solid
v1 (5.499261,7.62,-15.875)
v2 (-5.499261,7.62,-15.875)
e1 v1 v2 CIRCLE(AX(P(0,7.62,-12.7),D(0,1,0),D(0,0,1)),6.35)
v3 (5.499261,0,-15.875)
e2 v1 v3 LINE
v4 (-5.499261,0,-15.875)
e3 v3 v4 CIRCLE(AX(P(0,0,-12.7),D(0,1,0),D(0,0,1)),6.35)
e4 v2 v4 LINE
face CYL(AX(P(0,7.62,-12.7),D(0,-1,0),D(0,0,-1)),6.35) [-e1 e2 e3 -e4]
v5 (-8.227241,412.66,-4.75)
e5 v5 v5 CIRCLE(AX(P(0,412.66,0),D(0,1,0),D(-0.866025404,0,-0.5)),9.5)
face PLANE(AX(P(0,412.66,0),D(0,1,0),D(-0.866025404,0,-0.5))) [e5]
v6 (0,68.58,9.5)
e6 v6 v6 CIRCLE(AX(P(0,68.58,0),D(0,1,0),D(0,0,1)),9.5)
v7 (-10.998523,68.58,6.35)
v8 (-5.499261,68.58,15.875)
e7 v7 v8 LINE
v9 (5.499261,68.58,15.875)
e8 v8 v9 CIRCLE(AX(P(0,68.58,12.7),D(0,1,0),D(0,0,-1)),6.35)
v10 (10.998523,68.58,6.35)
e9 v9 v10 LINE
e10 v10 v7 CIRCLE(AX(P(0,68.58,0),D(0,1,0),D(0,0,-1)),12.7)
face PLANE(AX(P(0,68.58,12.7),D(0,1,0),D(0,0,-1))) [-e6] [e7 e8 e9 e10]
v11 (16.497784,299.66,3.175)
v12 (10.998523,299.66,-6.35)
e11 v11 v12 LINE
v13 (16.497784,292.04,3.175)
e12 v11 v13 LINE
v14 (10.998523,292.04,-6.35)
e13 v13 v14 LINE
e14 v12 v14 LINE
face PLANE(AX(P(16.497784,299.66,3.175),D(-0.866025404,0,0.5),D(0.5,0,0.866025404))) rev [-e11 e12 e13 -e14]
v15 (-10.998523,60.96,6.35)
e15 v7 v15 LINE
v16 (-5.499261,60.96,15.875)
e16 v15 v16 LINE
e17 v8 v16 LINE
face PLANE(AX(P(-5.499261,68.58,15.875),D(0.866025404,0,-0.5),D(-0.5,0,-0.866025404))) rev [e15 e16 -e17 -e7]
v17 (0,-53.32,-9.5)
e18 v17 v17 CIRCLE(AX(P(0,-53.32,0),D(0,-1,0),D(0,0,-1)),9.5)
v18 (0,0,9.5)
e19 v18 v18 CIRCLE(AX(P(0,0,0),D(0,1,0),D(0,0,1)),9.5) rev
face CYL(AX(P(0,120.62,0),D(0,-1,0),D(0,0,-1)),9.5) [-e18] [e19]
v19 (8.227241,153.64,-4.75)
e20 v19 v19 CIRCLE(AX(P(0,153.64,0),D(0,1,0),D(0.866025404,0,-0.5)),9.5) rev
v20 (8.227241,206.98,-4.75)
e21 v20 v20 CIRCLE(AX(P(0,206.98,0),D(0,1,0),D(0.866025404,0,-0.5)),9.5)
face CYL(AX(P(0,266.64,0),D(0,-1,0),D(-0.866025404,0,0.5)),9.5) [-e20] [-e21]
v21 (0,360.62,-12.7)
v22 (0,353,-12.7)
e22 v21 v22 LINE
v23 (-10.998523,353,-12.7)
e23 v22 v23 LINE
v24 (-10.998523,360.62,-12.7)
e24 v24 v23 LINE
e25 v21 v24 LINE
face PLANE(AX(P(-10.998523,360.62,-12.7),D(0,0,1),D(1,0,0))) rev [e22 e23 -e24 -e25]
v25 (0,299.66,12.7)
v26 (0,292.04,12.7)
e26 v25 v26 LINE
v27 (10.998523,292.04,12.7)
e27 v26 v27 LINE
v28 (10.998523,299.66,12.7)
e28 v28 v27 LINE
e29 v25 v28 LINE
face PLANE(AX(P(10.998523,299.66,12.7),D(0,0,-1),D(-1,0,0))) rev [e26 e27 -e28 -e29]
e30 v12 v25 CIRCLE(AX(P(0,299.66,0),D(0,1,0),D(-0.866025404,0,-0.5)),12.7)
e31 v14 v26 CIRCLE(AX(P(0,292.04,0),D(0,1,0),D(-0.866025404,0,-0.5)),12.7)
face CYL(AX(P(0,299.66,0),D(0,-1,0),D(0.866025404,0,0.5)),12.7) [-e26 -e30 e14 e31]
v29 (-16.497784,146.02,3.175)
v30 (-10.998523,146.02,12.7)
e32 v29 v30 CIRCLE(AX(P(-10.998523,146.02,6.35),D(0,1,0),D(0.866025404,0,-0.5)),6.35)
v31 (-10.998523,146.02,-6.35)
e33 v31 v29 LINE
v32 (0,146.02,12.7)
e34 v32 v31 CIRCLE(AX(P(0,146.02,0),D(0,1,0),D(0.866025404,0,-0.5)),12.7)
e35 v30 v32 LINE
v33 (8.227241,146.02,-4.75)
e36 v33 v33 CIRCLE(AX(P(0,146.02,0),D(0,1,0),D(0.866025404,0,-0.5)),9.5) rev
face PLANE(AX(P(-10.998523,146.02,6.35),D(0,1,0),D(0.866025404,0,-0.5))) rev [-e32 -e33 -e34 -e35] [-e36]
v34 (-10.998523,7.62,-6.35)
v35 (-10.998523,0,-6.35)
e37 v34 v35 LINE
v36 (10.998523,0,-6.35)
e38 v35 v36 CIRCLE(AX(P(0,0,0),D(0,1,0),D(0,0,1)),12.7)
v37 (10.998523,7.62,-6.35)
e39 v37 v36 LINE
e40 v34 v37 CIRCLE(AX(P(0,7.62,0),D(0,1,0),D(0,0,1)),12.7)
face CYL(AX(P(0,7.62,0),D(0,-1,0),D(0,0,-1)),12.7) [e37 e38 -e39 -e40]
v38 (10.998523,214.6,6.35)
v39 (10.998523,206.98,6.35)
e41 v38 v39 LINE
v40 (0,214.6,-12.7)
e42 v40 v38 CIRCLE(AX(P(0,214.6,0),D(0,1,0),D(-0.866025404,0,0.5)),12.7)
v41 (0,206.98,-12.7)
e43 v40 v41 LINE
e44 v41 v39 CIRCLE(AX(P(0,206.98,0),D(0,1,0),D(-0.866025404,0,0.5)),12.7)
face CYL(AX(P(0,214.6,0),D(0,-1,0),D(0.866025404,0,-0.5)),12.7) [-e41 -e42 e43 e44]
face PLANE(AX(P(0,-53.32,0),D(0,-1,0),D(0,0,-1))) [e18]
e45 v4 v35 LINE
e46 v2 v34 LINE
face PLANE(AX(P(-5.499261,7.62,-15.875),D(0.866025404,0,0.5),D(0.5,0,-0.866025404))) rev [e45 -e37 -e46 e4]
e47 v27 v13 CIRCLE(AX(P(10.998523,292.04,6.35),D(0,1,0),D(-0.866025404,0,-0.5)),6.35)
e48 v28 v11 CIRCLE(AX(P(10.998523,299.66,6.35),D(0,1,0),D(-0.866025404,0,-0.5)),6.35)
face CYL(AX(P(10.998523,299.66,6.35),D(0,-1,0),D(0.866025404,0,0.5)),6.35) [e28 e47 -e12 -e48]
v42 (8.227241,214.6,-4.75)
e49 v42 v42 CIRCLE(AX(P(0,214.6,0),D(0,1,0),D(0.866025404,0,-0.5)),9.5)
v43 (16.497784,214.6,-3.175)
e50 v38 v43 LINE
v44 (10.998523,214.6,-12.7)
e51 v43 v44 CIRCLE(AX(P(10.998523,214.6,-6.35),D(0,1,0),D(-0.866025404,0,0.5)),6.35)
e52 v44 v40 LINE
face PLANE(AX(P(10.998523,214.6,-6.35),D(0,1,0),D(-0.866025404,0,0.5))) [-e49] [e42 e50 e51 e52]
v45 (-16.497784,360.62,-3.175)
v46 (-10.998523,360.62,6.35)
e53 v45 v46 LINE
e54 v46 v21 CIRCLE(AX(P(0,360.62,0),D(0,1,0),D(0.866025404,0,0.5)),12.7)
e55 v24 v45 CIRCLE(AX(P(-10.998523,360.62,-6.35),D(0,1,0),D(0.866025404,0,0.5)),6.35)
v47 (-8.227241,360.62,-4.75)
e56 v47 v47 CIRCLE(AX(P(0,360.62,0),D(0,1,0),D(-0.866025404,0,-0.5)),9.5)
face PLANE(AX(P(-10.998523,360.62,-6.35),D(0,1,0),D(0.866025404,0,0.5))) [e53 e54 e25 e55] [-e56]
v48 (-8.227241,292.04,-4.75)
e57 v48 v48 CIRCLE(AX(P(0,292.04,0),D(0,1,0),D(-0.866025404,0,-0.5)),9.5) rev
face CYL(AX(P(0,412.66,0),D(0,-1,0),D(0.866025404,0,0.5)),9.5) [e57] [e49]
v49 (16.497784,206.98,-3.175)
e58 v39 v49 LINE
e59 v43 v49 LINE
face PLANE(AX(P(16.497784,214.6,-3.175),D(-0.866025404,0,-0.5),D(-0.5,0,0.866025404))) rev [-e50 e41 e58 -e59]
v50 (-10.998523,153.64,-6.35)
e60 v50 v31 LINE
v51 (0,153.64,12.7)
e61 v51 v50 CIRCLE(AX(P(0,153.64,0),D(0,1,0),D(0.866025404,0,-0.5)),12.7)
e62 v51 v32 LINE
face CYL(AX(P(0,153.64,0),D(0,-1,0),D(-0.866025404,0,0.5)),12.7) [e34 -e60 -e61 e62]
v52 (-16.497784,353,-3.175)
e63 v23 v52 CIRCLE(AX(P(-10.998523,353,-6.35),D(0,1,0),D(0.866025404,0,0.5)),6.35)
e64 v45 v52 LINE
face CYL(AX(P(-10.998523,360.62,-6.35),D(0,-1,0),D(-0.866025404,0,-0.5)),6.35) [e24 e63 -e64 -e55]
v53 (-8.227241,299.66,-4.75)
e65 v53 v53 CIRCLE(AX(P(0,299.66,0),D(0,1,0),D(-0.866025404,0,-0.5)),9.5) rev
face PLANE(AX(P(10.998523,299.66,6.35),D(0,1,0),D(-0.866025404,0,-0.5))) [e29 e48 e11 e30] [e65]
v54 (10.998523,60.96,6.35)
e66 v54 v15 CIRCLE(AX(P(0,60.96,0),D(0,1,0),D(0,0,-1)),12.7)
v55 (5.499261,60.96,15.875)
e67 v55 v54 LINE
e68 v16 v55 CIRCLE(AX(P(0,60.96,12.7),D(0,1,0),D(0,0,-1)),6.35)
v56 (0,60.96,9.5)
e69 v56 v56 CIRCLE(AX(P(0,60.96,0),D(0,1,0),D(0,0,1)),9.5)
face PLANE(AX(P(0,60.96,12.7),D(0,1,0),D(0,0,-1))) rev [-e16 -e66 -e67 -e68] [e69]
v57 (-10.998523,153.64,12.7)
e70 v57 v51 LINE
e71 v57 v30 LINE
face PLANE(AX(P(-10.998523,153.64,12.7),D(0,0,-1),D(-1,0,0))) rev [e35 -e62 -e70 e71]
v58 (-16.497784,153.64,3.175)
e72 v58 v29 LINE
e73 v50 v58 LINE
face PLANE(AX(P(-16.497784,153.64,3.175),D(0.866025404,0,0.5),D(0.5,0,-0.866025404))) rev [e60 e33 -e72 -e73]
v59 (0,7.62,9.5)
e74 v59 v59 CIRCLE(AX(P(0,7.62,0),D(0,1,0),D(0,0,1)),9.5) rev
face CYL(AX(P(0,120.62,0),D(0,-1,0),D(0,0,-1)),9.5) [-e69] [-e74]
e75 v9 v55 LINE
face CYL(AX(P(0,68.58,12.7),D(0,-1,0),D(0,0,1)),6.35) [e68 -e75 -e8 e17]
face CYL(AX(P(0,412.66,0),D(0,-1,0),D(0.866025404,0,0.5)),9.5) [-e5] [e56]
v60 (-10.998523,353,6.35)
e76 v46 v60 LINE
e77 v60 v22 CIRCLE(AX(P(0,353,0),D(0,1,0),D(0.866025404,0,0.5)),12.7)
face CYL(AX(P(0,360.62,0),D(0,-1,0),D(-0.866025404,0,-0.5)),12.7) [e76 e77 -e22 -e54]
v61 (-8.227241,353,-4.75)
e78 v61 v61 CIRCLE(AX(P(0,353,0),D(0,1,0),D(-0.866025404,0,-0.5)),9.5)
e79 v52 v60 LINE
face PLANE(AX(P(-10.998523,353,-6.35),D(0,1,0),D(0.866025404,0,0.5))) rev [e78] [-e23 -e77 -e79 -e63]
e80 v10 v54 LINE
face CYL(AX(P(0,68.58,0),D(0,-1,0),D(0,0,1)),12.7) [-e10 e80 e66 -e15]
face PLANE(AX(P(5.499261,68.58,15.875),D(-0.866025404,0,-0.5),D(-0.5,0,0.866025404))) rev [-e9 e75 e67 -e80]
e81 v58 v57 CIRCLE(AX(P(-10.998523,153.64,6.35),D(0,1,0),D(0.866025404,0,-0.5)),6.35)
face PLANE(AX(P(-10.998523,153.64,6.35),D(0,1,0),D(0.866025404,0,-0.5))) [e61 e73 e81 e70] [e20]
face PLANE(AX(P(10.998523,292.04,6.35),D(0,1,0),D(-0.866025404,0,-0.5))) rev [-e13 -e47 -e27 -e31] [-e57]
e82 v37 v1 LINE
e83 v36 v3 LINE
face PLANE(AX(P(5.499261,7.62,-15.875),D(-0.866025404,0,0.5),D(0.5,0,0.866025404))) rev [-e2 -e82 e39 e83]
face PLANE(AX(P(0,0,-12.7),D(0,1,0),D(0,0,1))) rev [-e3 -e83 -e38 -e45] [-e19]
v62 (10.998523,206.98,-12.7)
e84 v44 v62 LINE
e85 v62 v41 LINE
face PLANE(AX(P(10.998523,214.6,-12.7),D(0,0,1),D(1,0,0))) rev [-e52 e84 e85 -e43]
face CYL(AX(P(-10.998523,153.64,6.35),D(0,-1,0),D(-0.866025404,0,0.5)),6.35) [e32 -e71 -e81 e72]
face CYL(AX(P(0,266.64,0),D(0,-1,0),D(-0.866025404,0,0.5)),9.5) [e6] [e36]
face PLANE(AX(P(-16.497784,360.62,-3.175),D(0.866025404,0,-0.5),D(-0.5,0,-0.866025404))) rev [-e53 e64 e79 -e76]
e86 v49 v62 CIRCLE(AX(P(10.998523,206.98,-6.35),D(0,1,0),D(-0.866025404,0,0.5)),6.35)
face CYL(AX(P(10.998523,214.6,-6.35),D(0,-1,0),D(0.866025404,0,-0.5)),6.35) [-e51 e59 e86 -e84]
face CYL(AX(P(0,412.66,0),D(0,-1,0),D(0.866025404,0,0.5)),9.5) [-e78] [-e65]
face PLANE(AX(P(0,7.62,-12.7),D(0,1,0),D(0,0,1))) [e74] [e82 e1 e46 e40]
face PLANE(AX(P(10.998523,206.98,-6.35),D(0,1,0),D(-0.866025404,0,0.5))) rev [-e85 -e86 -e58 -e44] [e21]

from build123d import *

# Parameters (mm, degrees)
BOSS_EXTRUDE4_DEPTH   = 7.62
BODY_MOVE_COPY4_ANGLE = 180
BOSS_EXTRUDE5_START   = -25.4
SKETCH2_R             = 9.5
BOSS_EXTRUDE5_DEPTH   = 146.02
LPATTERN1_COUNT       = 3
LPATTERN1_PITCH       = 146.02
BODY_MOVE_COPY5_ANGLE = 120
BODY_MOVE_COPY6_ANGLE = 120
BOSS_EXTRUDE6_START   = 27.92
SKETCH4_R             = 9.5
BOSS_EXTRUDE6_DEPTH   = 27.92


with BuildPart() as part:
    # Sketch1 → Boss-Extrude4 (new body)
    with BuildSketch(Plane(origin=(0, 0, 0), x_dir=(1, 0, 0), z_dir=(0, 1, 0))):
        with BuildLine():
            Line((-5.499261314, 15.875), (-10.998522628, 6.35))
            ThreePointArc((-10.998522628, 6.35), (0, -12.7), (10.998522628, 6.35))
            Line((10.998522628, 6.35), (5.499261314, 15.875))
            ThreePointArc((5.499261314, 15.875), (0, 19.05), (-5.499261314, 15.875))
        make_face()
    extrude(amount=BOSS_EXTRUDE4_DEPTH)


with BuildPart() as body_2:
    # Body-Move/Copy3: copy of part
    add(part.part.moved(Location((0, 60.96, 0))))


with BuildPart() as body_2_1:
    # Body-Move/Copy4: moved
    add(body_2.part.rotate(Axis((0, 0, 0), (0, 1, 0)), BODY_MOVE_COPY4_ANGLE))


with BuildPart() as part_1:
    add(part.part)

    add(body_2_1.part)  # Boss-Extrude5 merges body 2
    # Sketch2 → Boss-Extrude5 (add)
    with BuildSketch(Plane(origin=(0, 0, 0), x_dir=(1, 0, 0), z_dir=(0, 1, 0)).offset(BOSS_EXTRUDE5_START)):
        Circle(SKETCH2_R)
    extrude(amount=BOSS_EXTRUDE5_DEPTH)


with BuildPart() as lpattern1_1:
    # LPattern1: pattern copy
    add(part_1.part.moved(Location(Vector(0, 1, 0) * (1 * LPATTERN1_PITCH))))


with BuildPart() as lpattern1_2:
    # LPattern1: pattern copy
    add(part_1.part.moved(Location(Vector(0, 1, 0) * (2 * LPATTERN1_PITCH))))


with BuildPart() as lpattern1_1_1:
    # Body-Move/Copy5: moved
    add(lpattern1_1.part.rotate(Axis((0, 0, 0), (0, 1, 0)), BODY_MOVE_COPY5_ANGLE))


with BuildPart() as lpattern1_2_1:
    # Body-Move/Copy6: moved
    add(lpattern1_2.part.rotate(Axis((0, 0, 0), (0, -1, 0)), BODY_MOVE_COPY6_ANGLE))


with BuildPart() as part_2:
    add(part_1.part)

    # Sketch4 → Boss-Extrude6 (add)
    with BuildSketch(Plane.XZ.offset(25.4).offset(BOSS_EXTRUDE6_START)):
        Circle(SKETCH4_R)
    extrude(amount=-BOSS_EXTRUDE6_DEPTH)


with BuildPart() as lpattern1_2_2:
    add(lpattern1_2_1.part)

    # Combine1: union LPattern1_1, part
    add(lpattern1_1_1.part)
    add(part_2.part)


solid = lpattern1_2_2.part
